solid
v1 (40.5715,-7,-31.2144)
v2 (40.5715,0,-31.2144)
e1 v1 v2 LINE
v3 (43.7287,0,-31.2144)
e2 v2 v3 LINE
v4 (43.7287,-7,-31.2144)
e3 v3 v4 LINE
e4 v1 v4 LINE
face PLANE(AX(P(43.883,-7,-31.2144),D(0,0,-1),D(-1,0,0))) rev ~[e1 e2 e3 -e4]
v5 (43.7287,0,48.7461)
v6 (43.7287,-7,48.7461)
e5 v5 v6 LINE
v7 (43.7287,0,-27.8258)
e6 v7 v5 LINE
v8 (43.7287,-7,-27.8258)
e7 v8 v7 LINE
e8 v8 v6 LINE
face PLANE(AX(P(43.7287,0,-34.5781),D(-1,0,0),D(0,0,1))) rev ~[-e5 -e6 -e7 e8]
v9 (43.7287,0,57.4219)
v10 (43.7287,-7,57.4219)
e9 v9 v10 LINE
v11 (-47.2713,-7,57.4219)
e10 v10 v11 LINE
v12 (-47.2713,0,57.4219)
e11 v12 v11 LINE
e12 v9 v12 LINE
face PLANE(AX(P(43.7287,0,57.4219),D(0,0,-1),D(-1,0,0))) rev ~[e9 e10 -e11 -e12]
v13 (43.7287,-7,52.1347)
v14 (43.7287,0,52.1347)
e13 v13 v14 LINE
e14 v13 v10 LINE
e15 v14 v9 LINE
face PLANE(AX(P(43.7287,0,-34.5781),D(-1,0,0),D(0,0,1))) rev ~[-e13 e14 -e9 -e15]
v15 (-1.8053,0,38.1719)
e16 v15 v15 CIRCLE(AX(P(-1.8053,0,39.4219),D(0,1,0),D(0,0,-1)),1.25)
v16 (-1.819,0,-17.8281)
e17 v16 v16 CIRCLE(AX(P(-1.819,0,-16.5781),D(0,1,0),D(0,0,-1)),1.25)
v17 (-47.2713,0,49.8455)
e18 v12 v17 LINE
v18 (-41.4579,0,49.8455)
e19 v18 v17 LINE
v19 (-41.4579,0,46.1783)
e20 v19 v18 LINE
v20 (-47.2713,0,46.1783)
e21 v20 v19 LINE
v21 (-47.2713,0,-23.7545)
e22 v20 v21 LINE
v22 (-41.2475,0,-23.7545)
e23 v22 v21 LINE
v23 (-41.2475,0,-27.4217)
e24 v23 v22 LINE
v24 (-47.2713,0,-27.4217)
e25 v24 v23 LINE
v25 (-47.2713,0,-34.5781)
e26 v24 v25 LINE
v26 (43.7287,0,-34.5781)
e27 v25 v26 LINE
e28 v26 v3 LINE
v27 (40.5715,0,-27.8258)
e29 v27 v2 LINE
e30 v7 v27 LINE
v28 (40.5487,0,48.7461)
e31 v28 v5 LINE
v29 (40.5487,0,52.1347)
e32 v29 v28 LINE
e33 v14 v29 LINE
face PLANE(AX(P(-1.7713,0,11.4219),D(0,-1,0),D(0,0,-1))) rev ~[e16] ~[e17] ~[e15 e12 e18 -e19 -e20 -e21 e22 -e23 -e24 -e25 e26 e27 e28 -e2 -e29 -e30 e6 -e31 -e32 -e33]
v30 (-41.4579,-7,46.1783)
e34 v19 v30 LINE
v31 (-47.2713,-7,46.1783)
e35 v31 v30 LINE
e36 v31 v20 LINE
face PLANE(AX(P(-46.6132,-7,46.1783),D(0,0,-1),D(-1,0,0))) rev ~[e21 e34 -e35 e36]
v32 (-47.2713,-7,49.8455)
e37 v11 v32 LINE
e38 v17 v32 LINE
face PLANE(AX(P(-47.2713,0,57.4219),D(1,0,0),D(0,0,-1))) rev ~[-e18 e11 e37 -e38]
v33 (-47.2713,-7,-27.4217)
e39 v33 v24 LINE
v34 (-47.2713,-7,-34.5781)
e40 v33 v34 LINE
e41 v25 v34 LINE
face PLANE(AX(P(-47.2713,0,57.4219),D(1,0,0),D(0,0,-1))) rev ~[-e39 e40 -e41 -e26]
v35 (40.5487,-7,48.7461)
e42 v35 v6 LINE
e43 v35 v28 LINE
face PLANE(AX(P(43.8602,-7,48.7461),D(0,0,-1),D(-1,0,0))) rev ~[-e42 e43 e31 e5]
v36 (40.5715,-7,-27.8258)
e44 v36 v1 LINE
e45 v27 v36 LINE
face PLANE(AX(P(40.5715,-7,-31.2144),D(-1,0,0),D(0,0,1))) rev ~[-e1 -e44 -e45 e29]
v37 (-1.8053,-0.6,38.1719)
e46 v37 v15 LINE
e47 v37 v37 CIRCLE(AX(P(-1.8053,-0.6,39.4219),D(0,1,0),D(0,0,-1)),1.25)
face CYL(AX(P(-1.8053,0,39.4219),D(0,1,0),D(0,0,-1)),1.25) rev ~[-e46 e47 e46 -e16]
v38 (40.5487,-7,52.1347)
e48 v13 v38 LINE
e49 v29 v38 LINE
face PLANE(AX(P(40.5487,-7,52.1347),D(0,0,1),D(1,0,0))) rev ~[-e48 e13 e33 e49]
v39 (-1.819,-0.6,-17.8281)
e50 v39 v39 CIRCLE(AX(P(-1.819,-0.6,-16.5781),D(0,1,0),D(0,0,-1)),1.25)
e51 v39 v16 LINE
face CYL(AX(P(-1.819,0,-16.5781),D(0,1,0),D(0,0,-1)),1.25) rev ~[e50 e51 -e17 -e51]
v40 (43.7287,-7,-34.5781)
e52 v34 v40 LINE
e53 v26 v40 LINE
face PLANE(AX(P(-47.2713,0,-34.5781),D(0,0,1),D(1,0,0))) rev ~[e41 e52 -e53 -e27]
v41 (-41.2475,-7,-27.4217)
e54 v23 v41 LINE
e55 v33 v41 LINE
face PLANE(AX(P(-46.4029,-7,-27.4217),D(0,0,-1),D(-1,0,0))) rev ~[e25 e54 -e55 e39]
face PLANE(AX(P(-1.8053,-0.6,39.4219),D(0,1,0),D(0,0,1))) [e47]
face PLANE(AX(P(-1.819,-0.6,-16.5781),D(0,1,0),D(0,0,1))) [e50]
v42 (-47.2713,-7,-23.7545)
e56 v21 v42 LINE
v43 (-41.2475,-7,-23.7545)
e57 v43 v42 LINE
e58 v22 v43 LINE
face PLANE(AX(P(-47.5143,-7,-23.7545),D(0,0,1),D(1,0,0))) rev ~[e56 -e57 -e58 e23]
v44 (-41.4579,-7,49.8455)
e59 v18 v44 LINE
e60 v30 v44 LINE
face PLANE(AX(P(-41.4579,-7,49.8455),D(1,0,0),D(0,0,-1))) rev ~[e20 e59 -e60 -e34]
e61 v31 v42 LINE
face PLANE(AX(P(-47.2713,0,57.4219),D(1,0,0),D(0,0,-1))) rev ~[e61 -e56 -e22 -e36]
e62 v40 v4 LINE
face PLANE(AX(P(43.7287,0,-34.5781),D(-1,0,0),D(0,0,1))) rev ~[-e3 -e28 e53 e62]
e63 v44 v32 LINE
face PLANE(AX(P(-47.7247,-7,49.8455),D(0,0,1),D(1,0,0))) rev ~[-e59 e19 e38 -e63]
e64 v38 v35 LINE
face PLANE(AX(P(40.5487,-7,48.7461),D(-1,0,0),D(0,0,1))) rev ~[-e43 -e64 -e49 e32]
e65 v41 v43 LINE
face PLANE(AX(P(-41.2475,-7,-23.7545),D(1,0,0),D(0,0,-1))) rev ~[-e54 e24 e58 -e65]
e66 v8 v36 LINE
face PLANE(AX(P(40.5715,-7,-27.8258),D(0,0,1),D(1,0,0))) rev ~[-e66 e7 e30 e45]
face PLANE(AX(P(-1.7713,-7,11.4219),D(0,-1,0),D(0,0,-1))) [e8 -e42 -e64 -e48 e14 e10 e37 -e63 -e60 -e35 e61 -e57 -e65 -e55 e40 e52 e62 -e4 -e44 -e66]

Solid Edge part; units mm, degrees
sketch "Sketch1" plane through (0.5445, 0, 7.8115) normal (0, -1, 0) x (1, 0, 0)
  line L0 (-47.8158, -42.3896) -> (43.1842, -42.3896)
  line L1 (43.1842, -42.3896) -> (43.1842, 49.6104)
  line L2 (43.1842, 49.6104) -> (-47.8158, 49.6104)
  line L3 (-47.8158, 49.6104) -> (-47.8158, -42.3896)
  dimension "D1" = 92
  dimension "D2" = 91
extrude "ExtrudedProtrusion_1" add sketch "Sketch1" along normal blind 7
sketch "Sketch2" plane through (0, -7, 0) normal (0, -1, 0) x (1, 0, 0)
  circle A0 centre (-43.2212, -25.5881) radius 1.59
  circle A1 centre (42.2588, 50.4519) radius 1.59
  circle A2 centre (42.2888, -29.5381) radius 1.59
  circle A3 centre (-43.5212, 48.0119) radius 1.59
  dimension "D1" = 3.18
  dimension "D2" = 3.18
  dimension "D3" = 3.18
extrude "Cutout1" cut sketch "Sketch2" against normal up to next
sketch "Sketch3" plane through (-1.7712, 0, 11.4219) normal (0, 1, 0) x (0, 0, -1)
  circle A0 centre (-28, 0.0341) radius 1.25
  circle A1 centre (28, 0.0478) radius 1.25
  dimension "D1" = 18
  dimension "D2" = 18
extrude "ExtrudedCutout_2" cut sketch "Sketch3" against normal blind 0.6 and the other way blind 0.5701
sketch "Sketch4" plane through (-1.7712, -7, 11.4219) normal (0, -1, 0) x (0, 0, 1)
  line L0 (-41.5248, -45.6542) -> (-42.6363, -45.6542)
  line L1 (-42.6363, -45.6542) -> (-42.6363, -42.3427)
  line L2 (-42.6363, -42.3427) -> (-39.2477, -42.3427)
  line L3 (-39.2477, -42.3427) -> (-39.2477, -45.6542)
  line L4 (-39.2477, -45.6542) -> (-41.5248, -45.6542)
extrude "ExtrudedCutout_3" cut sketch "Sketch4" along normal mid plane 21.8281
sketch "Sketch5" plane through (-1.7712, -7, 11.4219) normal (0, -1, 0) x (0, 0, 1)
  line L0 (38.4357, -45.6314) -> (37.3242, -45.6314)
  line L1 (37.3242, -45.6314) -> (37.3242, -42.3199)
  line L2 (37.3242, -42.3199) -> (40.7128, -42.3199)
  line L3 (40.7128, -42.3199) -> (40.7128, -45.6314)
  line L4 (40.7128, -45.6314) -> (38.4357, -45.6314)
extrude "ExtrudedCutout_4" cut sketch "Sketch5" along normal mid plane 18.958
sketch "Sketch6" plane through (-1.7712, -7, 11.4219) normal (0, -1, 0) x (1, 0, 0)
  line L0 (-44.6317, -38.8436) -> (-45.7431, -38.8436)
  line L1 (-45.7431, -38.8436) -> (-45.7431, -35.1764)
  line L2 (-45.7431, -35.1764) -> (-39.4763, -35.1764)
  line L3 (-39.4763, -35.1764) -> (-39.4763, -38.8436)
  line L4 (-39.4763, -38.8436) -> (-44.6317, -38.8436)
  line L5 (-44.842, 34.7564) -> (-45.9535, 34.7564)
  line L6 (-45.9535, 34.7564) -> (-45.9535, 38.4236)
  line L7 (-45.9535, 38.4236) -> (-39.6867, 38.4236)
  line L8 (-39.6867, 38.4236) -> (-39.6867, 34.7564)
  line L9 (-39.6867, 34.7564) -> (-44.842, 34.7564)
extrude "ExtrudedCutout_5" cut sketch "Sketch6" along normal mid plane 46.9904
properties material "ABS Plastic, medium impact"
